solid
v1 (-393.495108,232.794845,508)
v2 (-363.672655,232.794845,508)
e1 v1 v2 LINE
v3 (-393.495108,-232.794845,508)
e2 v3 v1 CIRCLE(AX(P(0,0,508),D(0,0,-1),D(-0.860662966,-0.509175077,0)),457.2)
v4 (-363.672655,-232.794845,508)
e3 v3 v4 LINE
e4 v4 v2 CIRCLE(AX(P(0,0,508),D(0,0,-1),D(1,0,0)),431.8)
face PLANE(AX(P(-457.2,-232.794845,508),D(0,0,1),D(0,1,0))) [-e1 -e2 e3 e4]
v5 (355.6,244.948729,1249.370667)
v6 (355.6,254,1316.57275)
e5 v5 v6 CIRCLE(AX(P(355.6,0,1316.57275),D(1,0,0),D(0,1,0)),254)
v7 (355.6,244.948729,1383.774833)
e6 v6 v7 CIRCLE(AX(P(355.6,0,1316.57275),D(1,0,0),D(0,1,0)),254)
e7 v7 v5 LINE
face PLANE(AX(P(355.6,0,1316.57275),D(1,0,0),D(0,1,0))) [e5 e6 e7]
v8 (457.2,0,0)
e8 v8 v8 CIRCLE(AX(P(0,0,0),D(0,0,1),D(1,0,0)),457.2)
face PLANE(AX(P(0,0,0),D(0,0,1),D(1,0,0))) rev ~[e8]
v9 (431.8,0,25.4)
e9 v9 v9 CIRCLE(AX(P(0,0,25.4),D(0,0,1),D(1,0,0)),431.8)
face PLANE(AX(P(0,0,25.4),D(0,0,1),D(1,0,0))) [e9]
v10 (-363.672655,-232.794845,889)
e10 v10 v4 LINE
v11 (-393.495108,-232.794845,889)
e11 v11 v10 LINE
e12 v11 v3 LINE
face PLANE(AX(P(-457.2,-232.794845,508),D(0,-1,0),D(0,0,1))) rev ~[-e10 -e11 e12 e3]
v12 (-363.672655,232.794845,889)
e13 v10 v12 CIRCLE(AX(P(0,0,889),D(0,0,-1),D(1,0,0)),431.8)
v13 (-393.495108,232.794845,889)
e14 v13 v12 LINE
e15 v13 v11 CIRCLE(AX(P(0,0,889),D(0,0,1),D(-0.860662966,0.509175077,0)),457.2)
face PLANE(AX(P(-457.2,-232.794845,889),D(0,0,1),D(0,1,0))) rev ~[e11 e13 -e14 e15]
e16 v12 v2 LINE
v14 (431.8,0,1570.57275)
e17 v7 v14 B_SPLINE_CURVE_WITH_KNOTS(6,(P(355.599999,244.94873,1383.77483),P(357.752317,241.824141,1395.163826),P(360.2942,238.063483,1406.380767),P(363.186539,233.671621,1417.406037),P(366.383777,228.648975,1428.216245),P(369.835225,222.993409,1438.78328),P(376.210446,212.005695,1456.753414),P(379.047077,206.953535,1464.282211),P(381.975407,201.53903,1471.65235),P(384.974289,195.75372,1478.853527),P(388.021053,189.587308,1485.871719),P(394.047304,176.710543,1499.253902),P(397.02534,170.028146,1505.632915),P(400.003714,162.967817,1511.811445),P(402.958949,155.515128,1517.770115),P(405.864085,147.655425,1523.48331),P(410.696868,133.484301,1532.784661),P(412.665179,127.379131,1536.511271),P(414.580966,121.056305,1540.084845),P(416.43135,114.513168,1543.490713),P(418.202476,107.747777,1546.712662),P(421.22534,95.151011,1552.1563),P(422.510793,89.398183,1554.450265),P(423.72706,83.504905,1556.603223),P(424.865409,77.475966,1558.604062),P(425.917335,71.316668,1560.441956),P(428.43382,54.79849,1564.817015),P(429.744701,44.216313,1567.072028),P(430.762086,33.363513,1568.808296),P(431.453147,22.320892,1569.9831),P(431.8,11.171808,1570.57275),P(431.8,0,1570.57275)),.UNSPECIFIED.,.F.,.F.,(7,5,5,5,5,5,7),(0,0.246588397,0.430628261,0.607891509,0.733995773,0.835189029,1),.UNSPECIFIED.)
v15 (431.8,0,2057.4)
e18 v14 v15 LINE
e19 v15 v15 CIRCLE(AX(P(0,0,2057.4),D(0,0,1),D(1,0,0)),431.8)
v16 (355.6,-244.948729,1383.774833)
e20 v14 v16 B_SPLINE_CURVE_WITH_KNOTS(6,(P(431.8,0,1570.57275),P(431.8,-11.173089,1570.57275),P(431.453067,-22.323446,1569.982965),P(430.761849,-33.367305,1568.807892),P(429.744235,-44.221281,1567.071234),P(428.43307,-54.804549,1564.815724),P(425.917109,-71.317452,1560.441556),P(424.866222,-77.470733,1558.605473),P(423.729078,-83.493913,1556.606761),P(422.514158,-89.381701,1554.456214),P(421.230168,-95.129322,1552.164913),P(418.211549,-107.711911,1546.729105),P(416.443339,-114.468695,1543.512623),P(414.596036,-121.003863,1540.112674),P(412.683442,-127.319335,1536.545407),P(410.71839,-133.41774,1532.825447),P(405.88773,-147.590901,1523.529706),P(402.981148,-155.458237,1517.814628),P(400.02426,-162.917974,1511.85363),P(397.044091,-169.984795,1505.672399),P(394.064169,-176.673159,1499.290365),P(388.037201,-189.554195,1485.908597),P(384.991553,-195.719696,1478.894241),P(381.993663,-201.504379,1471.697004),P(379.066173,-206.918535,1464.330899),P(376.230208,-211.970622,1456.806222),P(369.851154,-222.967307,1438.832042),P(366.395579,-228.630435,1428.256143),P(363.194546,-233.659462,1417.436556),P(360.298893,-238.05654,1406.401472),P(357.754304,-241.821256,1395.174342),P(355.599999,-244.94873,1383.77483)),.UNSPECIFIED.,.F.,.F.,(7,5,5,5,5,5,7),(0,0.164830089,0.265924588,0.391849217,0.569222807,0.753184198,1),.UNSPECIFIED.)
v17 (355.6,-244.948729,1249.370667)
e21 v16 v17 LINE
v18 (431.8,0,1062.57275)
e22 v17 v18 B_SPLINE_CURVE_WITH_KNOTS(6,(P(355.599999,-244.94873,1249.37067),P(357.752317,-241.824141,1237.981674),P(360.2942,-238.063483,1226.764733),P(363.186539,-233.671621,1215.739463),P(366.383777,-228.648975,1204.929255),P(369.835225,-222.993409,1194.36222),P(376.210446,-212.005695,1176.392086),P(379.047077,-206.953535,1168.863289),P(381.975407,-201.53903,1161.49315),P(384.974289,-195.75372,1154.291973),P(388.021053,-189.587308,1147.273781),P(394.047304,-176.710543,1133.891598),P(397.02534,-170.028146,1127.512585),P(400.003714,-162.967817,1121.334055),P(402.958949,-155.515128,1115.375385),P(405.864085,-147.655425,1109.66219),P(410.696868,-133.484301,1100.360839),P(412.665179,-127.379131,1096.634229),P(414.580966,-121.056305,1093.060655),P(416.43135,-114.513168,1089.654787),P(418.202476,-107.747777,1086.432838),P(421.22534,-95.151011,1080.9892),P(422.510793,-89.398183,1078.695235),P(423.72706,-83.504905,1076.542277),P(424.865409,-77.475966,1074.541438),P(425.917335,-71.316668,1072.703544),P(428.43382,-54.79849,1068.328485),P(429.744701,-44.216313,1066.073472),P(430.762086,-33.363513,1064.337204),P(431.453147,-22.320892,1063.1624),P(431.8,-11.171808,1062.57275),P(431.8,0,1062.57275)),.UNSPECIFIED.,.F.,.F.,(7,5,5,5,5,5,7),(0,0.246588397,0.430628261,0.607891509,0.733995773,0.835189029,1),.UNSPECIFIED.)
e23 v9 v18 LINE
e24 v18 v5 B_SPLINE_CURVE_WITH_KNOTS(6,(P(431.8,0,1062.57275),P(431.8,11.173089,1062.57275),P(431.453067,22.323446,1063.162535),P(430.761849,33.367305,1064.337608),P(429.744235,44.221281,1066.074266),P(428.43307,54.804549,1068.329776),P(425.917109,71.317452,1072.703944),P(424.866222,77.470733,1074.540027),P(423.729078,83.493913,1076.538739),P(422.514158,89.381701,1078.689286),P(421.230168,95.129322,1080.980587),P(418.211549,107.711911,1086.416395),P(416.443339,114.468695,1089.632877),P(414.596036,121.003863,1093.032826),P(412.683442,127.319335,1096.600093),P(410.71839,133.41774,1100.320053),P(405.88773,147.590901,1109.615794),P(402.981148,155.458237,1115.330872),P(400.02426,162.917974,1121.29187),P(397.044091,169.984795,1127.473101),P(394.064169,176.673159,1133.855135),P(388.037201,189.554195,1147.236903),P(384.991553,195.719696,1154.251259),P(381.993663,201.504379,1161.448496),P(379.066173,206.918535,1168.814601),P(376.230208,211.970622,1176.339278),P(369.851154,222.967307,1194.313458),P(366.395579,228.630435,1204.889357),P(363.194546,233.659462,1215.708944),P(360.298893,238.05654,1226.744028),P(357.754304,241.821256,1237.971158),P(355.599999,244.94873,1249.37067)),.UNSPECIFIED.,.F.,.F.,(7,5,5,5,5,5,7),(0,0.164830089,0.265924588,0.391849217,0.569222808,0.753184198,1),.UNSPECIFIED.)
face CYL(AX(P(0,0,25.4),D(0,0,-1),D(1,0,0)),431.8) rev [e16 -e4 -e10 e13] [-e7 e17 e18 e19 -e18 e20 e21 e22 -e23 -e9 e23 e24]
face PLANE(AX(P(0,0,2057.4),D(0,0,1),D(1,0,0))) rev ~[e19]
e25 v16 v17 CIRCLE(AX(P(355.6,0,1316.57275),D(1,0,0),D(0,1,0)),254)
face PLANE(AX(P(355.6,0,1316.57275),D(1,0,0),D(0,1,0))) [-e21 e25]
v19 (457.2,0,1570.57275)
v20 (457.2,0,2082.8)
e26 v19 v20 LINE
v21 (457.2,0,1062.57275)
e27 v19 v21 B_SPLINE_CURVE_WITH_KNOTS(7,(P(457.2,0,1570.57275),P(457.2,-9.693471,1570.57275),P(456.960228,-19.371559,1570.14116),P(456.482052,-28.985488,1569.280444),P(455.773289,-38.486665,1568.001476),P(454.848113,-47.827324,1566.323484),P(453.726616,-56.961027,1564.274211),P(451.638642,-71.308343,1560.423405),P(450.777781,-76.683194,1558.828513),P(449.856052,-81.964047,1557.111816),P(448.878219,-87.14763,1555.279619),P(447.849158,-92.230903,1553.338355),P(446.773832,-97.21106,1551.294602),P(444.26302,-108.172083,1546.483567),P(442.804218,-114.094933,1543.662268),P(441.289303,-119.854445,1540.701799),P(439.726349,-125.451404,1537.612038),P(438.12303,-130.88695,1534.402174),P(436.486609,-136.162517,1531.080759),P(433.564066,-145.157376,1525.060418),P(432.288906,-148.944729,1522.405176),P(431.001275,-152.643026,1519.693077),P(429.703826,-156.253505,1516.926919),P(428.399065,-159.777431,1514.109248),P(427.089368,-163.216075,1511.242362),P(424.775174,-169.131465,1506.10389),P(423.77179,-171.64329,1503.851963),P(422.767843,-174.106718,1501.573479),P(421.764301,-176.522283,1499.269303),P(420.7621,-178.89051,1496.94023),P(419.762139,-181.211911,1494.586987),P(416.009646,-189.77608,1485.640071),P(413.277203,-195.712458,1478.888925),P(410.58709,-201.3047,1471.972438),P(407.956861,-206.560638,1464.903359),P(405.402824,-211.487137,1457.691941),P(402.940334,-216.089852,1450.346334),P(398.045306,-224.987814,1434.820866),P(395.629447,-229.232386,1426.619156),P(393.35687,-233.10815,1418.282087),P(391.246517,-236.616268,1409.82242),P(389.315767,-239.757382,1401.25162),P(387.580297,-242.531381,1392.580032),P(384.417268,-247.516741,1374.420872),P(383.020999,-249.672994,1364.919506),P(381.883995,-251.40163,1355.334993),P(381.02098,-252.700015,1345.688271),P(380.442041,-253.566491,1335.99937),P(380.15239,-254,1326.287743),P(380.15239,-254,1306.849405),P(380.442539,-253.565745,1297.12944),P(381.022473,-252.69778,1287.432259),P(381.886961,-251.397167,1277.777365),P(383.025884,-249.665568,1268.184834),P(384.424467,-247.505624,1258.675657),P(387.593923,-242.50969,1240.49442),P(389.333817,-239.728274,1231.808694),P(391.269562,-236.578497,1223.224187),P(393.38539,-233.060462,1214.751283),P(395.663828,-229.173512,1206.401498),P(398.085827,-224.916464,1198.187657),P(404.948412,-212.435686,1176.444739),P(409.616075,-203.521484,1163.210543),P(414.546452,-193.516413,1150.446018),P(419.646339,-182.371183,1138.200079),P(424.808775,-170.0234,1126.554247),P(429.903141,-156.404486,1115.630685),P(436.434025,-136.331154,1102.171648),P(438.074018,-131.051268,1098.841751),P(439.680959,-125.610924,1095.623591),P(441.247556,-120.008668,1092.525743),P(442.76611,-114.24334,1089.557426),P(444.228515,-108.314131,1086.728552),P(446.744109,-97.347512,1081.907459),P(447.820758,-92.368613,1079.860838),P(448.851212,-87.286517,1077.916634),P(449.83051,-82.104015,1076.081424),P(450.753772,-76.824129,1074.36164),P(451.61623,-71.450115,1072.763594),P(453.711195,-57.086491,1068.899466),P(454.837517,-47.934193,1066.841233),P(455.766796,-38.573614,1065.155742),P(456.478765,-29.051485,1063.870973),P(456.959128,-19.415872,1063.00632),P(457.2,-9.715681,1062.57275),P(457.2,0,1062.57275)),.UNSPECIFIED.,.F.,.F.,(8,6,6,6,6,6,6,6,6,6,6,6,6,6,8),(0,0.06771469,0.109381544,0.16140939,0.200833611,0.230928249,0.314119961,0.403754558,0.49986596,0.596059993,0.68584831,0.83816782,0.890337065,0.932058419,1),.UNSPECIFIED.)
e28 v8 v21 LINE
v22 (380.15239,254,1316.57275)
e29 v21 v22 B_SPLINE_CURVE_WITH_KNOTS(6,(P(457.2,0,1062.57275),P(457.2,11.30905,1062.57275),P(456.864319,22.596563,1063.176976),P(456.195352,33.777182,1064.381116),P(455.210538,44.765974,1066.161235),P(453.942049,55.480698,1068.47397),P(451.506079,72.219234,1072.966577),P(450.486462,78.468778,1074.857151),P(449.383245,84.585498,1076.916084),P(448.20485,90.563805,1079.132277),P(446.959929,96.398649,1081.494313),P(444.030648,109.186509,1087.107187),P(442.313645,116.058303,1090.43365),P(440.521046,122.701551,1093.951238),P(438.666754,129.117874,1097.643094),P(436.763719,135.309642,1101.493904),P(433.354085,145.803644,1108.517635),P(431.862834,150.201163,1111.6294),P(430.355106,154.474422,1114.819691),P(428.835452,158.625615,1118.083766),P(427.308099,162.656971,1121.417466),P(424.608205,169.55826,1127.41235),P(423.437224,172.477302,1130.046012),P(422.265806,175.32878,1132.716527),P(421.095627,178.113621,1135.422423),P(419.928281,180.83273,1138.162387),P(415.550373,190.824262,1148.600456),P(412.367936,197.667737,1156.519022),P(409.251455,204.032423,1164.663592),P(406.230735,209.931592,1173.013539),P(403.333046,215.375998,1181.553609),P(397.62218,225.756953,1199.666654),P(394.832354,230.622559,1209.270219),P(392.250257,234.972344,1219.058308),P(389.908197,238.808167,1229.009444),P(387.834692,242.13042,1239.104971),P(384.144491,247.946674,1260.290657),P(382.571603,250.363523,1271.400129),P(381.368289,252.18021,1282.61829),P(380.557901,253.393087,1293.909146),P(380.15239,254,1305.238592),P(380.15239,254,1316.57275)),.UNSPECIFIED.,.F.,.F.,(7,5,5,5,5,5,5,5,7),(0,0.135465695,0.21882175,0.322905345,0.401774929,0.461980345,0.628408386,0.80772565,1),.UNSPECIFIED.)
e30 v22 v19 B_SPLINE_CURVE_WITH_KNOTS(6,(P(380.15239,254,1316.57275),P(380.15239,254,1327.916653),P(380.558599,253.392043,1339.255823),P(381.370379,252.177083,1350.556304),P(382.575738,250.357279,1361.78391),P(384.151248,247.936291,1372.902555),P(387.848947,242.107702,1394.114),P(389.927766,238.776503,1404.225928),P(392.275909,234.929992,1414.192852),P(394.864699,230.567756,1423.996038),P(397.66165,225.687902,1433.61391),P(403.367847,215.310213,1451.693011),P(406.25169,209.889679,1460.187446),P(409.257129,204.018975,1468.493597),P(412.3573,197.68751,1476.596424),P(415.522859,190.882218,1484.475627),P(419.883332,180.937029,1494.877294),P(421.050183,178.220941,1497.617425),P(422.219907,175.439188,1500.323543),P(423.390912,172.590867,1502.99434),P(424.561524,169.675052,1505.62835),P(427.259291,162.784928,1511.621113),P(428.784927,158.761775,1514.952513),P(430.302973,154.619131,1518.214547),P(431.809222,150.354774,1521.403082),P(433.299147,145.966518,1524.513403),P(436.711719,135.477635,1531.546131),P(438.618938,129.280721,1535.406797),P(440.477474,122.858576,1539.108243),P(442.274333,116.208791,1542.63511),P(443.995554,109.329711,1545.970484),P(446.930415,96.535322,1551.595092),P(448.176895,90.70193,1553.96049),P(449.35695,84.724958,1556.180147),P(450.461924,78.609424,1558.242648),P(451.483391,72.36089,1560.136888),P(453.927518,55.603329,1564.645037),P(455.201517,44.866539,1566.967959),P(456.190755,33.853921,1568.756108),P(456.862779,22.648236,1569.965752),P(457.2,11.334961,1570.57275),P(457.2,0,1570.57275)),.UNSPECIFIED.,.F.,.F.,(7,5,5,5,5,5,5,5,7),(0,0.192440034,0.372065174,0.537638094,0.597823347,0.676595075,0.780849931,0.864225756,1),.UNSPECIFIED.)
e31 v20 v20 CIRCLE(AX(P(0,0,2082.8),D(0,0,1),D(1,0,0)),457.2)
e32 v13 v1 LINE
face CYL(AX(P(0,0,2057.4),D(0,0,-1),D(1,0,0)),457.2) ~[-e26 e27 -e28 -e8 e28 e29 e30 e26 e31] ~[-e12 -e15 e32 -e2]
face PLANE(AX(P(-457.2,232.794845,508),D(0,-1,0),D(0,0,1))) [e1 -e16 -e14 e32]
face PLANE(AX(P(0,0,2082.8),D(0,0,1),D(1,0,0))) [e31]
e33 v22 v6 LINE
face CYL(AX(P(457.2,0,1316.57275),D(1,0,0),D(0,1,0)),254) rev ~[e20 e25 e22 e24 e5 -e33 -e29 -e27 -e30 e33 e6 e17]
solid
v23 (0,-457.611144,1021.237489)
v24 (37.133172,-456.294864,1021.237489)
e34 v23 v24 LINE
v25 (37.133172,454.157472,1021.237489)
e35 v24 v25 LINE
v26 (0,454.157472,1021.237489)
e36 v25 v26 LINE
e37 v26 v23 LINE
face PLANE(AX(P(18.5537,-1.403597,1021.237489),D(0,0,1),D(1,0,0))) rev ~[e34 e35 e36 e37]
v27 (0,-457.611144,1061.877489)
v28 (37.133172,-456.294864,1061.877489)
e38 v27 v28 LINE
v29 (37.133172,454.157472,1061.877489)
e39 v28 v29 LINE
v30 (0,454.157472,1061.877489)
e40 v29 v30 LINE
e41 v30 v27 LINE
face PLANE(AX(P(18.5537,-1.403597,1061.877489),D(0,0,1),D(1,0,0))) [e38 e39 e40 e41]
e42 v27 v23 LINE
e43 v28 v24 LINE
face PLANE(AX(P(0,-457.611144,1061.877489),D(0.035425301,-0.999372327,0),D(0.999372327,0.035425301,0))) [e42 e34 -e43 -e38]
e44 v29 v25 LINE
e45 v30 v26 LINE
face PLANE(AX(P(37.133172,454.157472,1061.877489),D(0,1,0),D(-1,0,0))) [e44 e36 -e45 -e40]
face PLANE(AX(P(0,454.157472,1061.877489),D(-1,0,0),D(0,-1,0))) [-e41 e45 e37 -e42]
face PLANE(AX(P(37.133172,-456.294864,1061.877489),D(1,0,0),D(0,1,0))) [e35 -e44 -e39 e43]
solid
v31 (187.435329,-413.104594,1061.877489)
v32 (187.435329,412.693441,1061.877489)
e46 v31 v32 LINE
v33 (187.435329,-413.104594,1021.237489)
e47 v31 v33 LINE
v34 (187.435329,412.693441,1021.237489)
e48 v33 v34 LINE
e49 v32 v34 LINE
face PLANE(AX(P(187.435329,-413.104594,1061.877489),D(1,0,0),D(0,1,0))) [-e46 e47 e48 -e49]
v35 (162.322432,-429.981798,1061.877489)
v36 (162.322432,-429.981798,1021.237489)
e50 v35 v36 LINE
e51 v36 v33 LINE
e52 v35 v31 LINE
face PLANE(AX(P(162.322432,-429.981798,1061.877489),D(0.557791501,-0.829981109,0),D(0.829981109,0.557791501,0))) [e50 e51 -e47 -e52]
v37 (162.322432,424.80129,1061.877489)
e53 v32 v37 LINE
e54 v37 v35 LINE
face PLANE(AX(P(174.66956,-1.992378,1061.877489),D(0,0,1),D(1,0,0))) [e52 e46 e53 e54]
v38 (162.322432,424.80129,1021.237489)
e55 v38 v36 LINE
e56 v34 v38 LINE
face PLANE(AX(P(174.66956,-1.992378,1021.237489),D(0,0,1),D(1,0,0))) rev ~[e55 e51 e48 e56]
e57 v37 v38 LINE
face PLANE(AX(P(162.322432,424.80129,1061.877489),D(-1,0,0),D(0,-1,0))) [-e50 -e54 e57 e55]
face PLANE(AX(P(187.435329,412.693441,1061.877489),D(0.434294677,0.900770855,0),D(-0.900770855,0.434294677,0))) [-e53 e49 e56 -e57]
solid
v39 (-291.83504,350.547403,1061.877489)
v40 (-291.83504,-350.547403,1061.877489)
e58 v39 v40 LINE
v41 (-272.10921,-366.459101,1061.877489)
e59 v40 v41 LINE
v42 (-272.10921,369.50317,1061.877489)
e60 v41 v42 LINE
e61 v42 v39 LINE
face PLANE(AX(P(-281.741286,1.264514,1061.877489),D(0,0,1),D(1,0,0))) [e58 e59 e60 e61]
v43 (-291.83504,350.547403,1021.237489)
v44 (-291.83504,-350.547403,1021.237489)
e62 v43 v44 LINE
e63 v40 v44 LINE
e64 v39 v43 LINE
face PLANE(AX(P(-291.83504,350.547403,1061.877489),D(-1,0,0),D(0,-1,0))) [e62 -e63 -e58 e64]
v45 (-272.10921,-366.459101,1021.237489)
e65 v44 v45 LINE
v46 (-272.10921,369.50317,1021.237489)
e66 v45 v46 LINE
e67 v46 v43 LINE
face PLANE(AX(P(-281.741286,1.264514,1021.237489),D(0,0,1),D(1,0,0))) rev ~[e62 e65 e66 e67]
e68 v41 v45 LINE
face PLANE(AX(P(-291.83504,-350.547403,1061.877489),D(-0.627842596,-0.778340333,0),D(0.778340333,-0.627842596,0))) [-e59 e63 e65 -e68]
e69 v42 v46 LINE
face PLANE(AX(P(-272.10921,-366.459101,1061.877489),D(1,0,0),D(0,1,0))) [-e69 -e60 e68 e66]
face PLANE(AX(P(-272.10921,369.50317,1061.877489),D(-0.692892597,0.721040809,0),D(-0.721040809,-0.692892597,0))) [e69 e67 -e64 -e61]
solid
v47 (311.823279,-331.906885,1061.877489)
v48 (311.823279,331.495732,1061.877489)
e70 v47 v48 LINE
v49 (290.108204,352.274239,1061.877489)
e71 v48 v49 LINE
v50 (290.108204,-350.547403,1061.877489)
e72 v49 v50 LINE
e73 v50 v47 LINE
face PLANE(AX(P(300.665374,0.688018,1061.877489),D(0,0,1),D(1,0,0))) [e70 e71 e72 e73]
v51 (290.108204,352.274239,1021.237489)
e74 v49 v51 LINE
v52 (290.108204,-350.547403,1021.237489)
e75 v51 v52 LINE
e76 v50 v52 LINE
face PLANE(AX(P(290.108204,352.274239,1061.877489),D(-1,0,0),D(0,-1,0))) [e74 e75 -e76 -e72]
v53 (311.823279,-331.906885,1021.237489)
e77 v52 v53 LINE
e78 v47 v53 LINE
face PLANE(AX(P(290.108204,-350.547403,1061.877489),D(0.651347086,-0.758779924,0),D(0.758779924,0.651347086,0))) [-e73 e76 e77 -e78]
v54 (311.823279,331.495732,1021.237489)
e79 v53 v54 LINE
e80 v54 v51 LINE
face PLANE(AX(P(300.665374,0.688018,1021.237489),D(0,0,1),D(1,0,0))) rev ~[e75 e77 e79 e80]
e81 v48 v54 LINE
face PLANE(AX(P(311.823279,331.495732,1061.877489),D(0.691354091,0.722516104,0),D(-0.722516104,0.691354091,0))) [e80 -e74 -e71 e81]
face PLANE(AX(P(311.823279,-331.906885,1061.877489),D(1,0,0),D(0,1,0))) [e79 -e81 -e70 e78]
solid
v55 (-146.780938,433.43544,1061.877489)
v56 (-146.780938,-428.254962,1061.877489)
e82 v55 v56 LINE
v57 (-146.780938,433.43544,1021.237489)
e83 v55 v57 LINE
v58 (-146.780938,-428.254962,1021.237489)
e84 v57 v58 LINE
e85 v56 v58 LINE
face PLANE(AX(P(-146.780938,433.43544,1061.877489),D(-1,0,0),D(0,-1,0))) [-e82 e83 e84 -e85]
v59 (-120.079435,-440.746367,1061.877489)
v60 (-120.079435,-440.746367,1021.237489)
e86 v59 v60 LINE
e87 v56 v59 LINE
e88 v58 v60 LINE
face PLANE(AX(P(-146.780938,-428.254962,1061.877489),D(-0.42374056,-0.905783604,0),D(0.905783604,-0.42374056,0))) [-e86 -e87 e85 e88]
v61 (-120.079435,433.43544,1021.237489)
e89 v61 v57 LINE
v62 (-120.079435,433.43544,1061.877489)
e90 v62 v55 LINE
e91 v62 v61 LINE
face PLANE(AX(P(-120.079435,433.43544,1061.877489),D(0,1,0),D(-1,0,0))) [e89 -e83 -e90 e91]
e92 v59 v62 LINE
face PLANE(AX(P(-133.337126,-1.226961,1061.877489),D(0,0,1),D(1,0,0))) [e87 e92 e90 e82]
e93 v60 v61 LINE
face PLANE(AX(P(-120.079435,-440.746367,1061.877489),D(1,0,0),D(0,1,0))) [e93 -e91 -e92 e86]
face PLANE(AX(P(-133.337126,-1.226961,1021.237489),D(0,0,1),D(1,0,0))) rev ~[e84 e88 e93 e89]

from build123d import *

# Parameters (mm, degrees)
F0_R      = 457.2
F1_DEPTH  = 25.4
F2_R      = 457.2
F2_R_2    = 431.8
F3_DEPTH  = 2032
F5_R      = 254
F6_DEPTH  = 101.6
F8_W      = 465.58969
F8_H      = 381
F9_DEPTH  = 193.04
F11_R     = 457.2
F11_R_2   = 431.8
F10_R     = 457.2
F10_R_2   = 431.8
F12_DEPTH = 25.4
F16_DEPTH = 40.64


with BuildPart() as f1:
    # F0 (on Top) → F1 (new body)
    with BuildSketch(Plane.XY):
        Circle(F0_R)
    extrude(amount=F1_DEPTH)

    # F2 (on face) → F3 (join)
    with BuildSketch(Plane.XY.offset(25.4)):
        Circle(F2_R)
        Circle(F2_R_2, mode=Mode.SUBTRACT)
    extrude(amount=F3_DEPTH)

    # F5 (on plane+point) → F6 (cut)
    with BuildSketch(Plane.YZ.offset(457.2)):
        with Locations((0, 1316.57275)):
            Circle(F5_R)
    extrude(amount=-F6_DEPTH, mode=Mode.SUBTRACT)

    # F8 (on plane+point) → F9 (cut)
    with BuildSketch(Plane.YZ.offset(-457.2)):
        with Locations((0, 698.5)):
            Rectangle(F8_W, F8_H)
    extrude(amount=F9_DEPTH, mode=Mode.SUBTRACT)

    # F11 (on face) + F10 (on face) → F12 (join)
    with BuildSketch(Plane.XY.offset(2057.4)):
        Circle(F11_R)
        Circle(F11_R_2, mode=Mode.SUBTRACT)
    with BuildSketch(Plane.XY.offset(2057.4)):
        Circle(F10_R)
        Circle(F10_R_2, mode=Mode.SUBTRACT)
        Circle(F10_R_2)
    extrude(amount=F12_DEPTH)


with BuildPart() as f16:
    # F15 (on plane+point) → F16 (new body)
    with BuildSketch(Plane.XY.offset(1061.877489)):
        Polygon((-272.10921, 369.50317), (-291.83504, 350.547403), (-291.83504, -350.547403), (-272.10921, -366.459101), align=None)
        Polygon((-120.079435, 433.43544), (-146.780938, 433.43544), (-146.780938, -428.254962), (-120.079435, -440.746367), align=None)
        Polygon((37.133172, 454.157472), (0, 454.157472), (0, -457.611144), (37.133172, -456.294864), align=None)
        Polygon((187.435329, 412.693441), (162.322432, 424.80129), (162.322432, -429.981798), (187.435329, -413.104594), align=None)
        Polygon((311.823279, 331.495732), (290.108204, 352.274239), (290.108204, -350.547403), (311.823279, -331.906885), align=None)
    extrude(amount=-F16_DEPTH)


solid = Compound([f1.part, f16.part])
